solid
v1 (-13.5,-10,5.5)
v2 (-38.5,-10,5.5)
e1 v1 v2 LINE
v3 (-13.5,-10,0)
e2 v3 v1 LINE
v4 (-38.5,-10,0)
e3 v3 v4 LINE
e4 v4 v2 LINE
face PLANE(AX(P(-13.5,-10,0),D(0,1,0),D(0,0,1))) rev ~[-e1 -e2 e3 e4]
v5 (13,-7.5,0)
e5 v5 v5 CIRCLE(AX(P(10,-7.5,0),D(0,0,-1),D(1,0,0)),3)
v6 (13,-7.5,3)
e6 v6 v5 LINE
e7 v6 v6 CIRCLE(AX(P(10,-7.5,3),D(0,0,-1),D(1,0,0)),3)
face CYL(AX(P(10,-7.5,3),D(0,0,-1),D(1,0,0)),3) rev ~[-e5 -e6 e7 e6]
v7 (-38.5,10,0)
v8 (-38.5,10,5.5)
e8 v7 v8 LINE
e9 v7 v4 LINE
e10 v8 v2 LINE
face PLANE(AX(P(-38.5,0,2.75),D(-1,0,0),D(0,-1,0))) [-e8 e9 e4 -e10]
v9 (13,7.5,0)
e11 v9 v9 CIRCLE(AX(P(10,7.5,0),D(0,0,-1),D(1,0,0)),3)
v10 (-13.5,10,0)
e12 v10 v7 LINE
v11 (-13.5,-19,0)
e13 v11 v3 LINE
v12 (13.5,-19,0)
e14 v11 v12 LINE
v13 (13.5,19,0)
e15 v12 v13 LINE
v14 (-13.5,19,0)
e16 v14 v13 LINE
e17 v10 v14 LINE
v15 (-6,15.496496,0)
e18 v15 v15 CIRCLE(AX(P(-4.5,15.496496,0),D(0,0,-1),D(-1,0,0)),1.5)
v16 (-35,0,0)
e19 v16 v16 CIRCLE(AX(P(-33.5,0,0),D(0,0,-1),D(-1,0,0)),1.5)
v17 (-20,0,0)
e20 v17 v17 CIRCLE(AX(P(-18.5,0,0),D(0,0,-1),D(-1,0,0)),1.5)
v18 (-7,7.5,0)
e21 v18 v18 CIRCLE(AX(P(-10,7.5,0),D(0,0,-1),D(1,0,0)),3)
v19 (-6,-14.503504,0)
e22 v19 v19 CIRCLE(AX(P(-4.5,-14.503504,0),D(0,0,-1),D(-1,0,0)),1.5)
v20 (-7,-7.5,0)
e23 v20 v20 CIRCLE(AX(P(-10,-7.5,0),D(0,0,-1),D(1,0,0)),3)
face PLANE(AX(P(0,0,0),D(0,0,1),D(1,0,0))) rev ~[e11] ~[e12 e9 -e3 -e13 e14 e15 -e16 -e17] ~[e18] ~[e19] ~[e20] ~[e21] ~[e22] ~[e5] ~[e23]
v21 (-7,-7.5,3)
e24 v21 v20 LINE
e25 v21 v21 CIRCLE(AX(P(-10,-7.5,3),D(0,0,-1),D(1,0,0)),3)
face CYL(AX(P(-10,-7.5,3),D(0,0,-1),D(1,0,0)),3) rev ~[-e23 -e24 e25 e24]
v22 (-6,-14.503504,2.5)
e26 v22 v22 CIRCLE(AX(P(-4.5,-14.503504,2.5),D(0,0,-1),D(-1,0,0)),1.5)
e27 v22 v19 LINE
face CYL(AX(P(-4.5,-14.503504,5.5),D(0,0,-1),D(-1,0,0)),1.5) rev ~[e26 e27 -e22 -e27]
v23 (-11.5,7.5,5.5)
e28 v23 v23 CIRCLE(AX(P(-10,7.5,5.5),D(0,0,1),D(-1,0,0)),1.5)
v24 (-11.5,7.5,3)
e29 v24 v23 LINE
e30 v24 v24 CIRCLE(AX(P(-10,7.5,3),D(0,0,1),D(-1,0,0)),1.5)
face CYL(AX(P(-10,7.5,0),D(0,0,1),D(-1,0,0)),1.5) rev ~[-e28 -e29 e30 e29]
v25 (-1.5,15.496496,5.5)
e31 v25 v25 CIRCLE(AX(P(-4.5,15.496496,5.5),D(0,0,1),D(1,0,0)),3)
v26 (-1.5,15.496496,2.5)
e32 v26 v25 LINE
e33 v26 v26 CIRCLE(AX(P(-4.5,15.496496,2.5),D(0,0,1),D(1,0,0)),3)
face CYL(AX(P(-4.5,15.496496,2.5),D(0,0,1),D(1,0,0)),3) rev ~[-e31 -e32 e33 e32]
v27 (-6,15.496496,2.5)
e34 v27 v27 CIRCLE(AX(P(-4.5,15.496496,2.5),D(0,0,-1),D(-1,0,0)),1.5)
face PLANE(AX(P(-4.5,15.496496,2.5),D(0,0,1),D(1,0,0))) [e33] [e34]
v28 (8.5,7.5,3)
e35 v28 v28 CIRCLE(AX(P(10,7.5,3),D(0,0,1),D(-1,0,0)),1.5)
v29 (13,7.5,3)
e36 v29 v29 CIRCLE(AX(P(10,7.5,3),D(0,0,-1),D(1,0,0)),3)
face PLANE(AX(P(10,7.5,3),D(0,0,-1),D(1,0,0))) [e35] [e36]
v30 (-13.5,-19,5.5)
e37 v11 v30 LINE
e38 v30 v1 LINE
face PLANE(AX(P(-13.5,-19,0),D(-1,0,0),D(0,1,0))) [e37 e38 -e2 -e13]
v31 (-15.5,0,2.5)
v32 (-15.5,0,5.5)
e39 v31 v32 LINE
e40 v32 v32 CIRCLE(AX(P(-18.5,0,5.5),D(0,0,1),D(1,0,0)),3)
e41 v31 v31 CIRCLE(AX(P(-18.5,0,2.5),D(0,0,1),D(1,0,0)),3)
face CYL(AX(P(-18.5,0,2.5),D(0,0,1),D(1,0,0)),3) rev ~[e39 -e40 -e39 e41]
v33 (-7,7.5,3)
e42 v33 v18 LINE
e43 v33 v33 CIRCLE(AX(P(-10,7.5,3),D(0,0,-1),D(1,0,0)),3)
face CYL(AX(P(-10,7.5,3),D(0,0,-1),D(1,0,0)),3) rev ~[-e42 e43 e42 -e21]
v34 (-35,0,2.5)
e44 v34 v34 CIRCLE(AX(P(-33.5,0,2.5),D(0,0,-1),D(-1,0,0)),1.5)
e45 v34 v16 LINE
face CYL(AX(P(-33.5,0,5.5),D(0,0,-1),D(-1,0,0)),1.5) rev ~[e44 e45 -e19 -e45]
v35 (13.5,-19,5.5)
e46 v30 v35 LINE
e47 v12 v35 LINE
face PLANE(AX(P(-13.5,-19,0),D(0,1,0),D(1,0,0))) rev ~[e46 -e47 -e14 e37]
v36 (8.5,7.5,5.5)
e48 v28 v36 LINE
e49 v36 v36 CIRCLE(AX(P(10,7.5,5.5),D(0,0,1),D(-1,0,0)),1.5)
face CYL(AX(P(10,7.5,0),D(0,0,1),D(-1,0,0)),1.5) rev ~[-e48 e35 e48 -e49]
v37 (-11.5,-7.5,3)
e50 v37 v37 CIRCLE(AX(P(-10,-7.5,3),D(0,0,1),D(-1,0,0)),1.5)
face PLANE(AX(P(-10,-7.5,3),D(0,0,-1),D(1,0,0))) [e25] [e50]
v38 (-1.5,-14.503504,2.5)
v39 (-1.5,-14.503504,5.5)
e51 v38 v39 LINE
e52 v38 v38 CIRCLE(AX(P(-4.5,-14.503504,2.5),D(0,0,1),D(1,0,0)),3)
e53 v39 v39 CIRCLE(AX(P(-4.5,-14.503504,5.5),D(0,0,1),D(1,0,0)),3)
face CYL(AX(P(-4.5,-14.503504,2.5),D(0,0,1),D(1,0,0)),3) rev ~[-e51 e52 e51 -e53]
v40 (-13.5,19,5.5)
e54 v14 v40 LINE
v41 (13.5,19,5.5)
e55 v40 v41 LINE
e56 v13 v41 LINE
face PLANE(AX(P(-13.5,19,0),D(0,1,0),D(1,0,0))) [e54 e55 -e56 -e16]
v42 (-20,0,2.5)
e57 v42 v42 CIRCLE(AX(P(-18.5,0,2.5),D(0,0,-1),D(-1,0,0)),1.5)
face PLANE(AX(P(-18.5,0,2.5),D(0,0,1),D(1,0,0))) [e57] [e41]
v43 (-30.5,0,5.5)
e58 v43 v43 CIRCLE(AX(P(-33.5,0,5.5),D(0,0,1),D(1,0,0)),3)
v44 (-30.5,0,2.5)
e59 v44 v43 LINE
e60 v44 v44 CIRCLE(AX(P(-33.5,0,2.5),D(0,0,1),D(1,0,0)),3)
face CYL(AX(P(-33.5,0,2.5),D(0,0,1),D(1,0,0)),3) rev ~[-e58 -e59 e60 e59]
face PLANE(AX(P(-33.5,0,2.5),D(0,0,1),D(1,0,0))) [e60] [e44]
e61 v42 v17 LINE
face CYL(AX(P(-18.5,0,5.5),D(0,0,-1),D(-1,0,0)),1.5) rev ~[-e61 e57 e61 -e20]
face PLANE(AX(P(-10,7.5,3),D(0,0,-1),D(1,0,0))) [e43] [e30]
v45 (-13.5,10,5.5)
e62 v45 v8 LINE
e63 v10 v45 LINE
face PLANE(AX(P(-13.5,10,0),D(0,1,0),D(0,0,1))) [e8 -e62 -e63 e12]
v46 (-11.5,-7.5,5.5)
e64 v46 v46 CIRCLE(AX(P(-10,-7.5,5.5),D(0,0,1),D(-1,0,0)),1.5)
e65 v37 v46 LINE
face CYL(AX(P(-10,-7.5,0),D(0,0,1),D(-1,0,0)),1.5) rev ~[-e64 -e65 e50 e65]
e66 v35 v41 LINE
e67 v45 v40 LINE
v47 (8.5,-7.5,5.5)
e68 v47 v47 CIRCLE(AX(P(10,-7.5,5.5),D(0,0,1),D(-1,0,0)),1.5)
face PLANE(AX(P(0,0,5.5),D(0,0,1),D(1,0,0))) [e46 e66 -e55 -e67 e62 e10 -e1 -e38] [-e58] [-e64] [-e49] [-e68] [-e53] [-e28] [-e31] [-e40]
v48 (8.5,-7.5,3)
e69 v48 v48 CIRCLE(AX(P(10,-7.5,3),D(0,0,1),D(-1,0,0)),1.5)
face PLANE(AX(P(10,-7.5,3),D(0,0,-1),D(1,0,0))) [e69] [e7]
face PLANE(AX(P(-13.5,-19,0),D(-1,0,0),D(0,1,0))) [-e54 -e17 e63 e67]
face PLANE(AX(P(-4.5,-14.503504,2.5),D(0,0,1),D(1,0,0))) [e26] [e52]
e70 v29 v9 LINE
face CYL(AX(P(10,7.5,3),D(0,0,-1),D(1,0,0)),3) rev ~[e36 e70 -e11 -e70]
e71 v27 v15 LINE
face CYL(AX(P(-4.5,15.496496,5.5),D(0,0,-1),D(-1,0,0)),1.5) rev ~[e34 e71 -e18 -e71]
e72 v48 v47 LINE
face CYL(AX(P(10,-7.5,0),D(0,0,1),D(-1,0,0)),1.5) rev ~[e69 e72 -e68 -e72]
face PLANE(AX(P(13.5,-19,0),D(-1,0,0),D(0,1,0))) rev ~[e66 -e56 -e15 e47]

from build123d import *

# Parameters (mm, degrees)
F0_W           = 27
F0_H           = 38
F0_W_2         = 20
F0_H_2         = 15
F1_DEPTH       = 5.5
F2_D           = 3
F2_DEPTH       = 50
F2_CBORE_D     = 6
F2_CBORE_DEPTH = 3
F4_D           = 3
F4_DEPTH       = 50
F4_CBORE_D     = 6
F4_CBORE_DEPTH = 3
F5_W           = 20
F5_H           = 5.5
F6_DEPTH       = 25
F8_D           = 3
F8_DEPTH       = 50
F8_CBORE_D     = 6
F8_CBORE_DEPTH = 3


with BuildPart() as f1:
    # F0 (on Top) → F1 (new body)
    with BuildSketch(Plane.XY):
        Rectangle(F0_W, F0_H)
        Rectangle(F0_W_2, F0_H_2, mode=Mode.SUBTRACT)
        Rectangle(F0_W_2, F0_H_2)
    extrude(amount=F1_DEPTH)

    # F2
    with Locations(Plane(origin=(0, 0, 0), x_dir=(1, 0, 0), z_dir=(0, 0, -1))):
        with Locations((-10, -7.5), (-10, 7.5), (10, -7.5), (10, 7.5)):
            CounterBoreHole(F2_D / 2, F2_CBORE_D / 2, F2_CBORE_DEPTH, depth=F2_DEPTH)

    # F4
    with Locations(Plane.XY.offset(5.5)):
        with Locations((-4.5, -14.503504), (-4.5, 15.496496)):
            CounterBoreHole(F4_D / 2, F4_CBORE_D / 2, F4_CBORE_DEPTH, depth=F4_DEPTH)

    # F5 (on face) → F6 (join)
    with BuildSketch(Plane(origin=(-13.5, 0, 0), x_dir=(0, -1, 0), z_dir=(-1, 0, 0))):
        with Locations((0, 2.75)):
            Rectangle(F5_W, F5_H)
    extrude(amount=F6_DEPTH)

    # F8
    with Locations(Plane.XY.offset(5.5)):
        with Locations((-33.5, 0), (-18.5, 0)):
            CounterBoreHole(F8_D / 2, F8_CBORE_D / 2, F8_CBORE_DEPTH, depth=F8_DEPTH)


solid = f1.part
